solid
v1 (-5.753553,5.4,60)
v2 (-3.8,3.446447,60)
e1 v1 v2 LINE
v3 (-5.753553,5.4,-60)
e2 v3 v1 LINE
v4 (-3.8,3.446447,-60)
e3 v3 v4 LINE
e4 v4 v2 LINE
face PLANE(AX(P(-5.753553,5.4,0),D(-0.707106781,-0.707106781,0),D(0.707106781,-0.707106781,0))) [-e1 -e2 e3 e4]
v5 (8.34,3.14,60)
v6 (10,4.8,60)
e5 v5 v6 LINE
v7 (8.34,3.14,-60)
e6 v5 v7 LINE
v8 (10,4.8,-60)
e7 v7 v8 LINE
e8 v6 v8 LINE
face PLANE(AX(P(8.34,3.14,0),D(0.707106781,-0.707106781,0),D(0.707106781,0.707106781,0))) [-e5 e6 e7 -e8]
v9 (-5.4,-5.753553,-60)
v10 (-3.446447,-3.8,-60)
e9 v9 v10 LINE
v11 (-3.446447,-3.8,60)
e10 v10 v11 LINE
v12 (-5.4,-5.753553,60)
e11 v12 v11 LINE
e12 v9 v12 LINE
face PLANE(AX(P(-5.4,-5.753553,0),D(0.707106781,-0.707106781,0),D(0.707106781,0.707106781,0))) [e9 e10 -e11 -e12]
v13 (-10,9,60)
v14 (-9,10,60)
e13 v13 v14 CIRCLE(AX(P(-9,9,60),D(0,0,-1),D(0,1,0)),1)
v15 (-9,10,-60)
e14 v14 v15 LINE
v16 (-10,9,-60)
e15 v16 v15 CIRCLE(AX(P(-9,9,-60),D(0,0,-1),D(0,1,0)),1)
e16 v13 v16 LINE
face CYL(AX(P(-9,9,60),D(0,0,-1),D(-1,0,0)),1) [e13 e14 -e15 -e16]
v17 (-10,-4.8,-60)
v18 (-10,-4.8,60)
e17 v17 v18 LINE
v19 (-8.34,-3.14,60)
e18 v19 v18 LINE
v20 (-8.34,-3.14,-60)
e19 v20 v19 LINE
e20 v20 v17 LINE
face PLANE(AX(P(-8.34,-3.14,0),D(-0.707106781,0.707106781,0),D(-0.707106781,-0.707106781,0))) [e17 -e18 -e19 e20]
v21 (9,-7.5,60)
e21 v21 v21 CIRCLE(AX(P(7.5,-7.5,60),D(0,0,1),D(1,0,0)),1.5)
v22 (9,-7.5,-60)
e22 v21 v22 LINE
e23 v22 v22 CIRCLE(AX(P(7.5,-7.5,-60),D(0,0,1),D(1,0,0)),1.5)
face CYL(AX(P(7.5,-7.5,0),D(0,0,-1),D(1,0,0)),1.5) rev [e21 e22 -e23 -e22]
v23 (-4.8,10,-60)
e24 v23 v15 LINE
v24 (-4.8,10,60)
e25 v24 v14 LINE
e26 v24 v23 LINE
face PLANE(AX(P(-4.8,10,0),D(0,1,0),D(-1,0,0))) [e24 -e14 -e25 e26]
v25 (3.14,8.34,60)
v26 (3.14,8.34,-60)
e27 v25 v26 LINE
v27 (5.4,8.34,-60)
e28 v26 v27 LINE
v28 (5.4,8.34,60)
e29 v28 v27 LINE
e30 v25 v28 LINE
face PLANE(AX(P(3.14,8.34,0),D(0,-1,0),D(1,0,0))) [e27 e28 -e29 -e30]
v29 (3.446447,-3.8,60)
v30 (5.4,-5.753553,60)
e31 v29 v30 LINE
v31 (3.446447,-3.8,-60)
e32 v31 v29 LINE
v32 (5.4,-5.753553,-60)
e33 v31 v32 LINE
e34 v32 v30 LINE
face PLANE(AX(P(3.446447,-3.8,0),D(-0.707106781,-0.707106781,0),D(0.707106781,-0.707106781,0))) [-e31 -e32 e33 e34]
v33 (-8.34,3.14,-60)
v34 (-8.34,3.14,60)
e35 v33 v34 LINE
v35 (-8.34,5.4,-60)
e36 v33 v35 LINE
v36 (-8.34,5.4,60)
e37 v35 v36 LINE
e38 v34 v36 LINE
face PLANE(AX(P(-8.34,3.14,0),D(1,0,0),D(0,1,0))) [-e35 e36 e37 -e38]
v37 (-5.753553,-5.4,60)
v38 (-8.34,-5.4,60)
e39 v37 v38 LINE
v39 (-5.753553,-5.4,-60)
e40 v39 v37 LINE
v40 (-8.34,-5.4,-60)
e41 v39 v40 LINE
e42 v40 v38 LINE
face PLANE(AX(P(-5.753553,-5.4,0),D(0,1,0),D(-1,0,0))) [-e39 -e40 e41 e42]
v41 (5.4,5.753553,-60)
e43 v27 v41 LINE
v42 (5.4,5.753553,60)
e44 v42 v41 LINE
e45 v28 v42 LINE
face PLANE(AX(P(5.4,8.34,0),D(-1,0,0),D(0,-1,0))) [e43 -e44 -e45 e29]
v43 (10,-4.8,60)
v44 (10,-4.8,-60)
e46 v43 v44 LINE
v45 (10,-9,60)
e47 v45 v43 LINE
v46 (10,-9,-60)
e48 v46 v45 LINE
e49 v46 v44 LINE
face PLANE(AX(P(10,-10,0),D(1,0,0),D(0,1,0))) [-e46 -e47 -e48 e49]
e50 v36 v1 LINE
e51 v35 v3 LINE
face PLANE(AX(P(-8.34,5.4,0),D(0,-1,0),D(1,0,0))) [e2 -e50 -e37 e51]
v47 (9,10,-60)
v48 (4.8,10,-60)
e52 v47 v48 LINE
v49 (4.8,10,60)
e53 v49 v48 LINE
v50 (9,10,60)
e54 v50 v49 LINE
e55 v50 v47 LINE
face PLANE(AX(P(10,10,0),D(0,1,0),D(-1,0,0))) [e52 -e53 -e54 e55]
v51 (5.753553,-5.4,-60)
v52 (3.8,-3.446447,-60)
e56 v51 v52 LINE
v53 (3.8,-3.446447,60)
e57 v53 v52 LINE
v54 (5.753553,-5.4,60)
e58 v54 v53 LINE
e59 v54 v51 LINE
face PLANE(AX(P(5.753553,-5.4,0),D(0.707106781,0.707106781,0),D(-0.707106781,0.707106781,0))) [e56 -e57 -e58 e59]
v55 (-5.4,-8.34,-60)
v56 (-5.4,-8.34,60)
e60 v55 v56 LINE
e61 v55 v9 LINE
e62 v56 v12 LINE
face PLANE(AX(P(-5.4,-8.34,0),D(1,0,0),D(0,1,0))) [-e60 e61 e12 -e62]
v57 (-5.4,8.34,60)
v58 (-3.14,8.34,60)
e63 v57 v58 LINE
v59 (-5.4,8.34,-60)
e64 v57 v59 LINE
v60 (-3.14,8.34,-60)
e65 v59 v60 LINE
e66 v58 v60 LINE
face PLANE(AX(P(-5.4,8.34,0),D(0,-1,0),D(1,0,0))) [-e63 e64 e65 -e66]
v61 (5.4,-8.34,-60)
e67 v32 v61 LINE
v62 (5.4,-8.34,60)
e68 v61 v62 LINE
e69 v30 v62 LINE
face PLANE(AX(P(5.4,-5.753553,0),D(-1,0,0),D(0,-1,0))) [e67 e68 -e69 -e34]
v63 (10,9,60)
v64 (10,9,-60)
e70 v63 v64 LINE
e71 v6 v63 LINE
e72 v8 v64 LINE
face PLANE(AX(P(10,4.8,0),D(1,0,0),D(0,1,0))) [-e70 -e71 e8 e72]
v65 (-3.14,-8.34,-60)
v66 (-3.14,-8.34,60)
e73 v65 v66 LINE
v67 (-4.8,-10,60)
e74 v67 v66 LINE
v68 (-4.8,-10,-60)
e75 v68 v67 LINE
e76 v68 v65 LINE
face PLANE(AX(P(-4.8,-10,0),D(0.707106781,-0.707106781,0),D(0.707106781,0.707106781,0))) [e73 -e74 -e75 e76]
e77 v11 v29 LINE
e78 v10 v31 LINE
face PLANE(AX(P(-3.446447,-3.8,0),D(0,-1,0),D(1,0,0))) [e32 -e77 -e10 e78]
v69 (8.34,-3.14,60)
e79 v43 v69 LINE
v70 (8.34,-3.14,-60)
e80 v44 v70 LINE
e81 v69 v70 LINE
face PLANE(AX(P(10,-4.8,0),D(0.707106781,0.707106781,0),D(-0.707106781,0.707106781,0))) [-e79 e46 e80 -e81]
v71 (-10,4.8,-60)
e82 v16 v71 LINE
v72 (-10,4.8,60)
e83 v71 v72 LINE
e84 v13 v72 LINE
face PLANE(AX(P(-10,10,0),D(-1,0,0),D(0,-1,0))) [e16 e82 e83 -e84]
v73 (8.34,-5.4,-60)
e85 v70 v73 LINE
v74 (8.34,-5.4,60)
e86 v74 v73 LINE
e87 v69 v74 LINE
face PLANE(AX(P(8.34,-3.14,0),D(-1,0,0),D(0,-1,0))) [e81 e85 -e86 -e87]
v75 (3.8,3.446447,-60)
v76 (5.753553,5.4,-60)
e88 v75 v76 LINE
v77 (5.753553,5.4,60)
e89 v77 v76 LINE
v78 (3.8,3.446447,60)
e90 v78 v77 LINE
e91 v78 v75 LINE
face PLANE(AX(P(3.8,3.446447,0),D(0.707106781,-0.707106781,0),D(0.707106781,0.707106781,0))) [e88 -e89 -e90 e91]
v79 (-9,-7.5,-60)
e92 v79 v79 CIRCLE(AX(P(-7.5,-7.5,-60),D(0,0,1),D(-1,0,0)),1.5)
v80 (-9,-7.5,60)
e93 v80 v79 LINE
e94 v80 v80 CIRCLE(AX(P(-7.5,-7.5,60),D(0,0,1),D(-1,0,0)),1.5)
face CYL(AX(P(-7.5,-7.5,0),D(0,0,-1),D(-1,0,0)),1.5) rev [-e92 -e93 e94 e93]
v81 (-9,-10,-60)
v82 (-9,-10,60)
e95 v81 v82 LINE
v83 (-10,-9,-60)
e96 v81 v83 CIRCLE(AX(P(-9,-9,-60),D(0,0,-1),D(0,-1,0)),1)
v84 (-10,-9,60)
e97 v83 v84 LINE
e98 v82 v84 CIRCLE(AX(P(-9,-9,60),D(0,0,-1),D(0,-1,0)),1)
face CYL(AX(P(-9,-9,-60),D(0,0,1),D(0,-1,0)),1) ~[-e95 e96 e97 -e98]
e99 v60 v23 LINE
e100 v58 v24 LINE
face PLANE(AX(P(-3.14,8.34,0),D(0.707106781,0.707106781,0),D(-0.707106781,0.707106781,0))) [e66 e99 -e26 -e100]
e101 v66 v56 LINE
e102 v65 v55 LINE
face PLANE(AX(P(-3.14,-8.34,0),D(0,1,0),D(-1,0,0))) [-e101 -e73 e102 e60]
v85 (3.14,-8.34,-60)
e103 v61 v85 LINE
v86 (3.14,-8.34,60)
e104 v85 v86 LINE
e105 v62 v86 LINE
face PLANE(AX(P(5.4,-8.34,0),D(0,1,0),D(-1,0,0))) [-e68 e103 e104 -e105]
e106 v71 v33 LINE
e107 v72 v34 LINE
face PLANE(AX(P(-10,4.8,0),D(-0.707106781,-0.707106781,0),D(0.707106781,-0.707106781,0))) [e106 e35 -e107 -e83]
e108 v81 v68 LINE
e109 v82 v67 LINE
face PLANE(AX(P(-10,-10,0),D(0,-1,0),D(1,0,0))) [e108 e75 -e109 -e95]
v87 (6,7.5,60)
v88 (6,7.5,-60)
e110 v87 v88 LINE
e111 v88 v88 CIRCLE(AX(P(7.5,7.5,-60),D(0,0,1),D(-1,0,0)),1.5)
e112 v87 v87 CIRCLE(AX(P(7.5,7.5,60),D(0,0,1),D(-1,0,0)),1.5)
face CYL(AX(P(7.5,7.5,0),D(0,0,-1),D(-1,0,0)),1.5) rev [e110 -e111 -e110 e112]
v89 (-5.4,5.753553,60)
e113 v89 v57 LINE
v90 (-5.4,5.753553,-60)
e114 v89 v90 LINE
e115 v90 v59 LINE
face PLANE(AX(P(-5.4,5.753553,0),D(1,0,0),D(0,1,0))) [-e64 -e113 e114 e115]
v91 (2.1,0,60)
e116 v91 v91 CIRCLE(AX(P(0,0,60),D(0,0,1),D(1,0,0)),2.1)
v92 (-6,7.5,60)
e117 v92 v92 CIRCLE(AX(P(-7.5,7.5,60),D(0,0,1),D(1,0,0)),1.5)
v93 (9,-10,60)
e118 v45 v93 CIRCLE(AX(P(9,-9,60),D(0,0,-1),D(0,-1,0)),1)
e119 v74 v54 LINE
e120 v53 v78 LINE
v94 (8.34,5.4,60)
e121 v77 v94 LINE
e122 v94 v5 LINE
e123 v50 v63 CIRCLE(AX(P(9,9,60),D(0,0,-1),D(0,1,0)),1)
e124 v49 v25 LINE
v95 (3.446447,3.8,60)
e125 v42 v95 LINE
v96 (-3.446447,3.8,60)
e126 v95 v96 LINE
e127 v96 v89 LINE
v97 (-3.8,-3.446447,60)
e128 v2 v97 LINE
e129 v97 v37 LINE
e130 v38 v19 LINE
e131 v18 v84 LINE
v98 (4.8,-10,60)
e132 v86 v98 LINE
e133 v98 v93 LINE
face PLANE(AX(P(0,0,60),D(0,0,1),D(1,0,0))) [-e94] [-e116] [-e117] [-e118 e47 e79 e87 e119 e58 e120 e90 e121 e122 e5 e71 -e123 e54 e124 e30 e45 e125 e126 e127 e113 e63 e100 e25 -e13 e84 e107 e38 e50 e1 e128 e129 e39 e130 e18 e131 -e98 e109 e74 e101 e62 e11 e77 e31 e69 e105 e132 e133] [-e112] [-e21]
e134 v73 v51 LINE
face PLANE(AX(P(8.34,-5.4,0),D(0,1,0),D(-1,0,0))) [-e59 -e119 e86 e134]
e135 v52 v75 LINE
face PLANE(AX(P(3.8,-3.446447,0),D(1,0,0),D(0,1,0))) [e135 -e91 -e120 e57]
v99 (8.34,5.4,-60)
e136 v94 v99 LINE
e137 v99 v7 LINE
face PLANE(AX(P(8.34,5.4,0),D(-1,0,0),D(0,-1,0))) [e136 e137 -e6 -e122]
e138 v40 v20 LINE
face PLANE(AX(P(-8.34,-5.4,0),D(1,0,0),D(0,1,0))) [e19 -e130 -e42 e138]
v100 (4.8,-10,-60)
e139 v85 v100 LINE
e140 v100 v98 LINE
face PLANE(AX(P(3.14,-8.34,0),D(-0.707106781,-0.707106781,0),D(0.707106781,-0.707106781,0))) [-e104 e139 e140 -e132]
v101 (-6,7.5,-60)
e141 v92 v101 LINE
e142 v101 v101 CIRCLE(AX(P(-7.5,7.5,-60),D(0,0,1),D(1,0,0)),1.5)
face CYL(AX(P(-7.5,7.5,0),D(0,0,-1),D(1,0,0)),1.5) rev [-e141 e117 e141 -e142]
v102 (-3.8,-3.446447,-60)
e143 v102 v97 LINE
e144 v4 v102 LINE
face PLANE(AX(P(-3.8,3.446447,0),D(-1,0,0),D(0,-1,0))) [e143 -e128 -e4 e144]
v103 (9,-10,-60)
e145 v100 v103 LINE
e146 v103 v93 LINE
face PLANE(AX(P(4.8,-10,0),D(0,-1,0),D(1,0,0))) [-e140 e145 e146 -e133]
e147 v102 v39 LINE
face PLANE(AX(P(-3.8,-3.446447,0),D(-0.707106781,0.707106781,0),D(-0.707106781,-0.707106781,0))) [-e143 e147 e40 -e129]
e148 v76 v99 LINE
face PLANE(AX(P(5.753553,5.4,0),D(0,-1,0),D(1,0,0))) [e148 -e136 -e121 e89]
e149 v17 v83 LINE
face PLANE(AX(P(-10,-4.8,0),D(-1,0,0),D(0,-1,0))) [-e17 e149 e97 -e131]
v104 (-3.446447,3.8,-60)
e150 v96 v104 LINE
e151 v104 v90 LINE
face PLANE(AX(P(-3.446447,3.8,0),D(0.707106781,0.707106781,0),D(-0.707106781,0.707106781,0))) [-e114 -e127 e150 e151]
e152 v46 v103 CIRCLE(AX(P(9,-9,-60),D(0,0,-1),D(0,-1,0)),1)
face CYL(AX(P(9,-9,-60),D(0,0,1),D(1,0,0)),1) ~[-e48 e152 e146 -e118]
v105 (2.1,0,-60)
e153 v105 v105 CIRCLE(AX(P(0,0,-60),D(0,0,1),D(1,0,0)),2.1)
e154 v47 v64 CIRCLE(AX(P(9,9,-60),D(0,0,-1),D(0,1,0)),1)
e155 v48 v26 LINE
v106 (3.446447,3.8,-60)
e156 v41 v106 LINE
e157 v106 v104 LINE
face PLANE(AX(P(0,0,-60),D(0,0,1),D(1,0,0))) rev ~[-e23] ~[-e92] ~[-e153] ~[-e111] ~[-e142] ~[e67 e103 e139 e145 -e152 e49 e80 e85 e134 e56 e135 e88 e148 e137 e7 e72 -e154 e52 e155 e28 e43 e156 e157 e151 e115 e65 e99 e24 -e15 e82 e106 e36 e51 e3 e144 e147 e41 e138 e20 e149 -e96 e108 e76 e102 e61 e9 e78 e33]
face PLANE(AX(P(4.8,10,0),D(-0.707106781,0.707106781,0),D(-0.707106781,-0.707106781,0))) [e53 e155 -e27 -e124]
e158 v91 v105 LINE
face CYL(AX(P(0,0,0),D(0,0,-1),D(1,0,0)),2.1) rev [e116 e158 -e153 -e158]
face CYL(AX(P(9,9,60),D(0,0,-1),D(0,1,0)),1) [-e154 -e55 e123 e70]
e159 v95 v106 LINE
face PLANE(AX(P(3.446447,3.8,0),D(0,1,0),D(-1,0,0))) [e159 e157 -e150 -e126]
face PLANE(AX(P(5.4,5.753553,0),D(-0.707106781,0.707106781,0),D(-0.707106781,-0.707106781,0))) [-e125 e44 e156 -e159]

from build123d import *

# Parameters (mm, degrees)
SKETCH_1_R      = 1.5
SKETCH_1_R_2    = 2.1
EXTRUDE_1_DEPTH = 60
FILLET_1_R      = 1


with BuildPart() as part:
    # 草图1 → 凸台-拉伸1 (new, symmetric)
    with BuildSketch(Plane.XY):
        Polygon((-10, 10), (-10, 4.8), (-8.34, 3.14), (-8.34, 5.4), (-5.753553391, 5.4), (-3.8, 3.446446609), (-3.8, -3.446446609), (-5.753553391, -5.4), (-8.34, -5.4), (-8.34, -3.14), (-10, -4.8), (-10, -10), (-4.8, -10), (-3.14, -8.34), (-5.4, -8.34), (-5.4, -5.753553391), (-3.446446609, -3.8), (3.446446609, -3.8), (5.4, -5.753553391), (5.4, -8.34), (3.14, -8.34), (4.8, -10), (10, -10), (10, -4.8), (8.34, -3.14), (8.34, -5.4), (5.753553391, -5.4), (3.8, -3.446446609), (3.8, 3.446446609), (5.753553391, 5.4), (8.34, 5.4), (8.34, 3.14), (10, 4.8), (10, 10), (4.8, 10), (3.14, 8.34), (5.4, 8.34), (5.4, 5.753553391), (3.446446609, 3.8), (-3.446446609, 3.8), (-5.4, 5.753553391), (-5.4, 8.34), (-3.14, 8.34), (-4.8, 10), align=None)
        with Locations((-7.5, 7.5)):
            Circle(SKETCH_1_R, mode=Mode.SUBTRACT)
        Circle(SKETCH_1_R_2, mode=Mode.SUBTRACT)
        with Locations(Location((-7.5, -7.5, 0), (0, 0, 180))):
            Circle(SKETCH_1_R, mode=Mode.SUBTRACT)
        with Locations((7.5, -7.5)):
            Circle(SKETCH_1_R, mode=Mode.SUBTRACT)
        with Locations(Location((7.5, 7.5, 0), (0, 0, 180))):
            Circle(SKETCH_1_R, mode=Mode.SUBTRACT)
    extrude(amount=EXTRUDE_1_DEPTH, both=True)

    # 圆角1
    fillet_1_edges = [part.edges().sort_by_distance(p)[0] for p in [
        (10, 10, 0),
        (10, -10, 0),
        (-10, -10, 0),
        (-10, 10, 0),
    ]]
    fillet(fillet_1_edges, radius=FILLET_1_R)


solid = part.part
